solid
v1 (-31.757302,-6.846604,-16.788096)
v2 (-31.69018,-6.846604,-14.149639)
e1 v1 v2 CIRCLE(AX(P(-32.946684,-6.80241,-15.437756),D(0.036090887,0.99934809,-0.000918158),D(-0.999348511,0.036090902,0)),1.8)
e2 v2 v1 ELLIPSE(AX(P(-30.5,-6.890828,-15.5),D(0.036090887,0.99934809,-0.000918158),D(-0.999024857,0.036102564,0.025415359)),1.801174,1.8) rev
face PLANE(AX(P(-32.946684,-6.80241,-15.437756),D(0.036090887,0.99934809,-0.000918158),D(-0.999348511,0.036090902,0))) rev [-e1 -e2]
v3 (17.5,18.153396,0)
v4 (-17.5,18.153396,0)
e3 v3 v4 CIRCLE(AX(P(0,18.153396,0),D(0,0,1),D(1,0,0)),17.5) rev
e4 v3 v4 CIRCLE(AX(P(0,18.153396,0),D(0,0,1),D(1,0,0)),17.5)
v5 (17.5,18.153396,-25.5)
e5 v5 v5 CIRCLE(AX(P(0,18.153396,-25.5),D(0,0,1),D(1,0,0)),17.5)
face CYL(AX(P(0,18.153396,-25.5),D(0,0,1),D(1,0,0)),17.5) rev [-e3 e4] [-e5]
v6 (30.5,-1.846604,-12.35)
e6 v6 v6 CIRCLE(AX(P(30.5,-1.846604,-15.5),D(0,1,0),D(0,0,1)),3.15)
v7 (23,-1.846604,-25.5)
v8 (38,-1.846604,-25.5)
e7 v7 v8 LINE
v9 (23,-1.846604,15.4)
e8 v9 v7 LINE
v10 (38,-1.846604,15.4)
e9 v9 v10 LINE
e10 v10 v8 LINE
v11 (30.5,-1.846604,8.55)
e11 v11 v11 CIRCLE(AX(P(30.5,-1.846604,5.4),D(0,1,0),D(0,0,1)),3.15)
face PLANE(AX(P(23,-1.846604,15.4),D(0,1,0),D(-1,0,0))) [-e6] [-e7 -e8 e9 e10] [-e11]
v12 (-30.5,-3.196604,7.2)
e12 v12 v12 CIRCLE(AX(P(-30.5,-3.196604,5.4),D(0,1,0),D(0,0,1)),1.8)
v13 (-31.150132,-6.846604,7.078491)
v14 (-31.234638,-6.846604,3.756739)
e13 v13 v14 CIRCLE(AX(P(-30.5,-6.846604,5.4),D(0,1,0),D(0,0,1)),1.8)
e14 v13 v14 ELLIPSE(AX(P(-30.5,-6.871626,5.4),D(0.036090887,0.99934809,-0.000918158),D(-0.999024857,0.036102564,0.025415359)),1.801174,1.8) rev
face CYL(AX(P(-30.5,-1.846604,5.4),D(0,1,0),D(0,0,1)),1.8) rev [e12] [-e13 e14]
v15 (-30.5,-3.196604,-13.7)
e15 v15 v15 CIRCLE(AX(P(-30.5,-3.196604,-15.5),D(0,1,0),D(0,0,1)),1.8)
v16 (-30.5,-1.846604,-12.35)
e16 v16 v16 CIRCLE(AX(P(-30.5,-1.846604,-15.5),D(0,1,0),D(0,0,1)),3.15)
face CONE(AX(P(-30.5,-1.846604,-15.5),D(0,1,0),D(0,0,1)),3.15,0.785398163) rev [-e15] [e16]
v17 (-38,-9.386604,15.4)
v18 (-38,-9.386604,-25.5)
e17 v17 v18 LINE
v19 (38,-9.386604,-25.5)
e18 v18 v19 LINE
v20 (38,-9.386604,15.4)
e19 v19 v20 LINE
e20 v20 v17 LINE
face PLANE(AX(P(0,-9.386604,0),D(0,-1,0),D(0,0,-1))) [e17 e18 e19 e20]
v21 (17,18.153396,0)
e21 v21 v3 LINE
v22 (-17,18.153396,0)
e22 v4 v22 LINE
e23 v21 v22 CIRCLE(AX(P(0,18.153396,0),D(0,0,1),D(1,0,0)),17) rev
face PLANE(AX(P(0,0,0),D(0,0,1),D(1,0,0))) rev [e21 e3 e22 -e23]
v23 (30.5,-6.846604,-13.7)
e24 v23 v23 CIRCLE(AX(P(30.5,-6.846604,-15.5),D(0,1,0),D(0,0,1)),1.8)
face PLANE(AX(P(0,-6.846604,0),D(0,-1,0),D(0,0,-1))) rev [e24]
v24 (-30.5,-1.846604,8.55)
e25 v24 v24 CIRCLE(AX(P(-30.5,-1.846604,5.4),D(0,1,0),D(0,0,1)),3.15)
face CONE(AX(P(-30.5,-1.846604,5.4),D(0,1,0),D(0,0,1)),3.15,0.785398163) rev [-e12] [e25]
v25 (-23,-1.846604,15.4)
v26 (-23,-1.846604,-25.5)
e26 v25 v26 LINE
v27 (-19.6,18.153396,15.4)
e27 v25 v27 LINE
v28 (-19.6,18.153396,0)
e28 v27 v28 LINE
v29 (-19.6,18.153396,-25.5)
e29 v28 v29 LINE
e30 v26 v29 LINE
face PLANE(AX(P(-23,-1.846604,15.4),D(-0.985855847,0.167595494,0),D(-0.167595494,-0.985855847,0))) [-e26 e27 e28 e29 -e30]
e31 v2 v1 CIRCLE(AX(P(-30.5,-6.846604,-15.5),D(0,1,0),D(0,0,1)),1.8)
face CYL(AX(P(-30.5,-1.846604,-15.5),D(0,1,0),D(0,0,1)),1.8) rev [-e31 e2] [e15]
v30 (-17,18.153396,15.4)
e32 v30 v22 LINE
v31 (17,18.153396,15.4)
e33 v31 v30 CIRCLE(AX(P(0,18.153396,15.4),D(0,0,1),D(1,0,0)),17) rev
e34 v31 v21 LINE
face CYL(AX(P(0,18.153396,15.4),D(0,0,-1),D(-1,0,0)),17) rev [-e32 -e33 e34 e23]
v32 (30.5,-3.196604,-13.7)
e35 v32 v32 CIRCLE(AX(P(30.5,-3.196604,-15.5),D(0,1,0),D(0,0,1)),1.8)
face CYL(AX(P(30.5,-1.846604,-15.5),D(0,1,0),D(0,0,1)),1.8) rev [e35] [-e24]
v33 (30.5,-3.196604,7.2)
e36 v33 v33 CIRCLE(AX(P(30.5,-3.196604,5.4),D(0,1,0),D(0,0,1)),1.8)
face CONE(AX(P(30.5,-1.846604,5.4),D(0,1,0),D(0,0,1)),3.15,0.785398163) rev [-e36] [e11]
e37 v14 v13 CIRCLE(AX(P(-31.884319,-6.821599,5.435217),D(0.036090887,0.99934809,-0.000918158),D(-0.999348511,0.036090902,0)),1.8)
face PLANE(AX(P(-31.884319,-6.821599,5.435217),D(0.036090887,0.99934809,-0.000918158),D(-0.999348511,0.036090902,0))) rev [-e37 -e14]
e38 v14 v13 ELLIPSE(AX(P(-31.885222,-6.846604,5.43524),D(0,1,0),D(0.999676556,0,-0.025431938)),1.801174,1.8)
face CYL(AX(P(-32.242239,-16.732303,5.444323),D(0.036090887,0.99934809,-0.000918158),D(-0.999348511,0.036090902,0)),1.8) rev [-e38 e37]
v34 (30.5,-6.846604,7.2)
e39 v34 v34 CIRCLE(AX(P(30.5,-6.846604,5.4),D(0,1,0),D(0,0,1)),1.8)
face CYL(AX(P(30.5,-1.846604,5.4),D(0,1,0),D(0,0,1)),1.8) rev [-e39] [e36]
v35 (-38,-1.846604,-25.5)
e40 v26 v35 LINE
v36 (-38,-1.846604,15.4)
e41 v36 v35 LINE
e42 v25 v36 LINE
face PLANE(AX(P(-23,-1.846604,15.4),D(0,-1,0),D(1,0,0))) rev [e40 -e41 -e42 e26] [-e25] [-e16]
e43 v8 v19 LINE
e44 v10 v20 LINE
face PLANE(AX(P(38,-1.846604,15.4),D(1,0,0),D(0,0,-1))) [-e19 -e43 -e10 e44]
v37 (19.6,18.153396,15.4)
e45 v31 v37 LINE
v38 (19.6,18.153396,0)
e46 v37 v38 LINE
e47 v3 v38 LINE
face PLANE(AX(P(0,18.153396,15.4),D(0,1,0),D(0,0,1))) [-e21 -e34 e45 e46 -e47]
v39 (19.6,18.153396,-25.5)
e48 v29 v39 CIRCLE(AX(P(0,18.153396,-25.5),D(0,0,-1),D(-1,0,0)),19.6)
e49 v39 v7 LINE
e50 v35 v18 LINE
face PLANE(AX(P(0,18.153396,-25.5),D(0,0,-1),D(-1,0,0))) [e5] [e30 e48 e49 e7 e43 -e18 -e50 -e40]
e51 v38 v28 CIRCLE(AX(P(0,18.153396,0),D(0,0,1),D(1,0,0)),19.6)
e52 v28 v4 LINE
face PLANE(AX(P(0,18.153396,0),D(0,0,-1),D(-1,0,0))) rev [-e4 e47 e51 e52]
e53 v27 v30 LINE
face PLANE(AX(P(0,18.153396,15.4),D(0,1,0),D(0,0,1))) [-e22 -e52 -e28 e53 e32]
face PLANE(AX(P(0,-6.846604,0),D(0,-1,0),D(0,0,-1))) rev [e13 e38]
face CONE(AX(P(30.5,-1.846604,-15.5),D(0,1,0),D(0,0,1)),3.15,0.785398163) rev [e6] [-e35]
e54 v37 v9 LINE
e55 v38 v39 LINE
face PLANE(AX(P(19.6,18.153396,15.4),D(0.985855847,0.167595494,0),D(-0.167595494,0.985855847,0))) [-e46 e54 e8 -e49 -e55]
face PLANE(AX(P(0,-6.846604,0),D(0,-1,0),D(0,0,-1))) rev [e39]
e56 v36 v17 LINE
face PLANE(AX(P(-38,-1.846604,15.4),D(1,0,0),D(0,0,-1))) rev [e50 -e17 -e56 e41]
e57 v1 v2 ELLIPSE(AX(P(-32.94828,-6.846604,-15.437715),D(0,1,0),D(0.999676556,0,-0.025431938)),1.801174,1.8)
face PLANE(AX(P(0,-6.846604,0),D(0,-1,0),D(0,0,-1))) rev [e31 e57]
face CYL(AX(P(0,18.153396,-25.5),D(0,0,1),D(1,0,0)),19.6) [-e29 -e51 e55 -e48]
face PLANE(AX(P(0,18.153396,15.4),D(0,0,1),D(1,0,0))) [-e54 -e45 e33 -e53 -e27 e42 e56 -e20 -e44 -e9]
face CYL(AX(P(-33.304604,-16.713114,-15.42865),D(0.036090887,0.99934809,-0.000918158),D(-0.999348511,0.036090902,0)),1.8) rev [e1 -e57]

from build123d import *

# Parameters (mm, degrees)
SKETCH1_R                                       = 17.5
BOSS_EXTRUDE9_DEPTH                             = 25.5
BOSS_EXTRUDE10_DEPTH                            = 15.4
BOSS_EXTRUDE10_DEPTH_BACK                       = 25.5
CSK_FOR_M3_FLAT_HEAD_MACHINE_SCREW1_D           = 3.6
CSK_FOR_M3_FLAT_HEAD_MACHINE_SCREW1_CSINK_D     = 6.3
CSK_FOR_M3_FLAT_HEAD_MACHINE_SCREW1_CSINK_ANGLE = 90
CSK_FOR_M3_FLAT_HEAD_MACHINE_SCREW2_D           = 3.6
CSK_FOR_M3_FLAT_HEAD_MACHINE_SCREW2_CSINK_D     = 6.3
CSK_FOR_M3_FLAT_HEAD_MACHINE_SCREW2_CSINK_ANGLE = 90
BOSS_EXTRUDE11_DEPTH                            = 15.4
CUT_EXTRUDE3_REACH                              = 549.129
SKETCH17_R                                      = 1.8
SKETCH18_W                                      = 76
SKETCH18_H                                      = 40.9
BOSS_EXTRUDE12_DEPTH                            = 2.54


with BuildPart() as part:
    # Sketch1 → Boss-Extrude9 (new body)
    with BuildSketch(Plane.XY):
        with BuildLine():
            ThreePointArc((-19.6, 18.153395679), (0, 37.753395679), (19.6, 18.153395679))
            ThreePointArc((19.6, 18.153395679), (0, -1.446604321), (-19.6, 18.153395679))
        make_face()
        with Locations((0, 18.153395679)):
            Circle(SKETCH1_R, mode=Mode.SUBTRACT)
    extrude(amount=-BOSS_EXTRUDE9_DEPTH)

    # Sketch1<15> → Boss-Extrude10 (add, two sides: drawn at the far end of the back side and taken through both)
    with BuildSketch(Plane.XY.offset(-BOSS_EXTRUDE10_DEPTH_BACK)):
        with BuildLine():
            Line((-23, -1.846604321), (-38, -1.846604321))
            Line((-38, -1.846604321), (-38, -6.846604321))
            Line((-38, -6.846604321), (38, -6.846604321))
            Line((38, -6.846604321), (38, -1.846604321))
            Line((38, -1.846604321), (23, -1.846604321))
            Line((23, -1.846604321), (19.6, 18.153395679))
            ThreePointArc((19.6, 18.153395679), (0, -1.446604321), (-19.6, 18.153395679))
            Line((-19.6, 18.153395679), (-23, -1.846604321))
        make_face()
    extrude(amount=BOSS_EXTRUDE10_DEPTH + BOSS_EXTRUDE10_DEPTH_BACK)

    # CSK for M3 Flat Head Machine Screw1 (through all)
    with Locations(Plane(origin=(0, -1.846604321, 0), x_dir=(1, 0, 0), z_dir=(0, 1, 0))):
        with Locations((-30.5, 15.5), (-30.5, -5.4)):
            CounterSinkHole(CSK_FOR_M3_FLAT_HEAD_MACHINE_SCREW1_D / 2, CSK_FOR_M3_FLAT_HEAD_MACHINE_SCREW1_CSINK_D / 2, counter_sink_angle=CSK_FOR_M3_FLAT_HEAD_MACHINE_SCREW1_CSINK_ANGLE)

    # CSK for M3 Flat Head Machine Screw2 (through all)
    with Locations(Plane(origin=(0, -1.846604321, 0), x_dir=(1, 0, 0), z_dir=(0, 1, 0))):
        with Locations((30.5, -5.4), (30.5, 15.5)):
            CounterSinkHole(CSK_FOR_M3_FLAT_HEAD_MACHINE_SCREW2_D / 2, CSK_FOR_M3_FLAT_HEAD_MACHINE_SCREW2_CSINK_D / 2, counter_sink_angle=CSK_FOR_M3_FLAT_HEAD_MACHINE_SCREW2_CSINK_ANGLE)

    # Sketch1<19> → Boss-Extrude11 (add)
    with BuildSketch(Plane.XY):
        with BuildLine():
            ThreePointArc((-19.6, 18.153395679), (0, -1.446604321), (19.6, 18.153395679))
            Line((19.6, 18.153395679), (17, 18.153395679))
            ThreePointArc((17, 18.153395679), (0, 1.153395679), (-17, 18.153395679))
            Line((-17, 18.153395679), (-19.6, 18.153395679))
        make_face()
    extrude(amount=BOSS_EXTRUDE11_DEPTH)

    # Sketch17 → Cut-Extrude3 (cut, up to next)
    with BuildSketch(Plane(origin=(-499.24894984, 9.974554812, -84.308871479), x_dir=(0.050830850863694654, -0.0009181581696580717, 0.9987068546806156), z_dir=(0.0360908865319125, 0.9993480899541042, -0.0009181581696581681)), mode=Mode.PRIVATE) as cut_extrude3_sk1:
        with Locations((92.5, 462.5)):
            Circle(SKETCH17_R)
    cut_extrude3_tool1 = extrude(cut_extrude3_sk1.sketch, amount=-CUT_EXTRUDE3_REACH, mode=Mode.PRIVATE) & part.part
    # Sketch17 → Cut-Extrude3 (cut, up to next)
    with BuildSketch(Plane(origin=(-499.24894984, 9.974554812, -84.308871479), x_dir=(0.050830850863694654, -0.0009181581696580717, 0.9987068546806156), z_dir=(0.0360908865319125, 0.9993480899541042, -0.0009181581696581681)), mode=Mode.PRIVATE) as cut_extrude3_sk2:
        with Locations((113.4, 462.5)):
            Circle(SKETCH17_R)
    cut_extrude3_tool2 = extrude(cut_extrude3_sk2.sketch, amount=-CUT_EXTRUDE3_REACH, mode=Mode.PRIVATE) & part.part
    add(cut_extrude3_tool1.solids().sort_by_distance((-32.946684, -6.80241, -15.437756))[0], mode=Mode.SUBTRACT)
    add(cut_extrude3_tool2.solids().sort_by_distance((-31.884319, -6.821599, 5.435217))[0], mode=Mode.SUBTRACT)

    # Sketch18 → Boss-Extrude12 (add)
    with BuildSketch(Plane.XZ.offset(6.846604321)):
        with Locations((0, -5.05)):
            Rectangle(SKETCH18_W, SKETCH18_H)
    extrude(amount=BOSS_EXTRUDE12_DEPTH)


solid = part.part
